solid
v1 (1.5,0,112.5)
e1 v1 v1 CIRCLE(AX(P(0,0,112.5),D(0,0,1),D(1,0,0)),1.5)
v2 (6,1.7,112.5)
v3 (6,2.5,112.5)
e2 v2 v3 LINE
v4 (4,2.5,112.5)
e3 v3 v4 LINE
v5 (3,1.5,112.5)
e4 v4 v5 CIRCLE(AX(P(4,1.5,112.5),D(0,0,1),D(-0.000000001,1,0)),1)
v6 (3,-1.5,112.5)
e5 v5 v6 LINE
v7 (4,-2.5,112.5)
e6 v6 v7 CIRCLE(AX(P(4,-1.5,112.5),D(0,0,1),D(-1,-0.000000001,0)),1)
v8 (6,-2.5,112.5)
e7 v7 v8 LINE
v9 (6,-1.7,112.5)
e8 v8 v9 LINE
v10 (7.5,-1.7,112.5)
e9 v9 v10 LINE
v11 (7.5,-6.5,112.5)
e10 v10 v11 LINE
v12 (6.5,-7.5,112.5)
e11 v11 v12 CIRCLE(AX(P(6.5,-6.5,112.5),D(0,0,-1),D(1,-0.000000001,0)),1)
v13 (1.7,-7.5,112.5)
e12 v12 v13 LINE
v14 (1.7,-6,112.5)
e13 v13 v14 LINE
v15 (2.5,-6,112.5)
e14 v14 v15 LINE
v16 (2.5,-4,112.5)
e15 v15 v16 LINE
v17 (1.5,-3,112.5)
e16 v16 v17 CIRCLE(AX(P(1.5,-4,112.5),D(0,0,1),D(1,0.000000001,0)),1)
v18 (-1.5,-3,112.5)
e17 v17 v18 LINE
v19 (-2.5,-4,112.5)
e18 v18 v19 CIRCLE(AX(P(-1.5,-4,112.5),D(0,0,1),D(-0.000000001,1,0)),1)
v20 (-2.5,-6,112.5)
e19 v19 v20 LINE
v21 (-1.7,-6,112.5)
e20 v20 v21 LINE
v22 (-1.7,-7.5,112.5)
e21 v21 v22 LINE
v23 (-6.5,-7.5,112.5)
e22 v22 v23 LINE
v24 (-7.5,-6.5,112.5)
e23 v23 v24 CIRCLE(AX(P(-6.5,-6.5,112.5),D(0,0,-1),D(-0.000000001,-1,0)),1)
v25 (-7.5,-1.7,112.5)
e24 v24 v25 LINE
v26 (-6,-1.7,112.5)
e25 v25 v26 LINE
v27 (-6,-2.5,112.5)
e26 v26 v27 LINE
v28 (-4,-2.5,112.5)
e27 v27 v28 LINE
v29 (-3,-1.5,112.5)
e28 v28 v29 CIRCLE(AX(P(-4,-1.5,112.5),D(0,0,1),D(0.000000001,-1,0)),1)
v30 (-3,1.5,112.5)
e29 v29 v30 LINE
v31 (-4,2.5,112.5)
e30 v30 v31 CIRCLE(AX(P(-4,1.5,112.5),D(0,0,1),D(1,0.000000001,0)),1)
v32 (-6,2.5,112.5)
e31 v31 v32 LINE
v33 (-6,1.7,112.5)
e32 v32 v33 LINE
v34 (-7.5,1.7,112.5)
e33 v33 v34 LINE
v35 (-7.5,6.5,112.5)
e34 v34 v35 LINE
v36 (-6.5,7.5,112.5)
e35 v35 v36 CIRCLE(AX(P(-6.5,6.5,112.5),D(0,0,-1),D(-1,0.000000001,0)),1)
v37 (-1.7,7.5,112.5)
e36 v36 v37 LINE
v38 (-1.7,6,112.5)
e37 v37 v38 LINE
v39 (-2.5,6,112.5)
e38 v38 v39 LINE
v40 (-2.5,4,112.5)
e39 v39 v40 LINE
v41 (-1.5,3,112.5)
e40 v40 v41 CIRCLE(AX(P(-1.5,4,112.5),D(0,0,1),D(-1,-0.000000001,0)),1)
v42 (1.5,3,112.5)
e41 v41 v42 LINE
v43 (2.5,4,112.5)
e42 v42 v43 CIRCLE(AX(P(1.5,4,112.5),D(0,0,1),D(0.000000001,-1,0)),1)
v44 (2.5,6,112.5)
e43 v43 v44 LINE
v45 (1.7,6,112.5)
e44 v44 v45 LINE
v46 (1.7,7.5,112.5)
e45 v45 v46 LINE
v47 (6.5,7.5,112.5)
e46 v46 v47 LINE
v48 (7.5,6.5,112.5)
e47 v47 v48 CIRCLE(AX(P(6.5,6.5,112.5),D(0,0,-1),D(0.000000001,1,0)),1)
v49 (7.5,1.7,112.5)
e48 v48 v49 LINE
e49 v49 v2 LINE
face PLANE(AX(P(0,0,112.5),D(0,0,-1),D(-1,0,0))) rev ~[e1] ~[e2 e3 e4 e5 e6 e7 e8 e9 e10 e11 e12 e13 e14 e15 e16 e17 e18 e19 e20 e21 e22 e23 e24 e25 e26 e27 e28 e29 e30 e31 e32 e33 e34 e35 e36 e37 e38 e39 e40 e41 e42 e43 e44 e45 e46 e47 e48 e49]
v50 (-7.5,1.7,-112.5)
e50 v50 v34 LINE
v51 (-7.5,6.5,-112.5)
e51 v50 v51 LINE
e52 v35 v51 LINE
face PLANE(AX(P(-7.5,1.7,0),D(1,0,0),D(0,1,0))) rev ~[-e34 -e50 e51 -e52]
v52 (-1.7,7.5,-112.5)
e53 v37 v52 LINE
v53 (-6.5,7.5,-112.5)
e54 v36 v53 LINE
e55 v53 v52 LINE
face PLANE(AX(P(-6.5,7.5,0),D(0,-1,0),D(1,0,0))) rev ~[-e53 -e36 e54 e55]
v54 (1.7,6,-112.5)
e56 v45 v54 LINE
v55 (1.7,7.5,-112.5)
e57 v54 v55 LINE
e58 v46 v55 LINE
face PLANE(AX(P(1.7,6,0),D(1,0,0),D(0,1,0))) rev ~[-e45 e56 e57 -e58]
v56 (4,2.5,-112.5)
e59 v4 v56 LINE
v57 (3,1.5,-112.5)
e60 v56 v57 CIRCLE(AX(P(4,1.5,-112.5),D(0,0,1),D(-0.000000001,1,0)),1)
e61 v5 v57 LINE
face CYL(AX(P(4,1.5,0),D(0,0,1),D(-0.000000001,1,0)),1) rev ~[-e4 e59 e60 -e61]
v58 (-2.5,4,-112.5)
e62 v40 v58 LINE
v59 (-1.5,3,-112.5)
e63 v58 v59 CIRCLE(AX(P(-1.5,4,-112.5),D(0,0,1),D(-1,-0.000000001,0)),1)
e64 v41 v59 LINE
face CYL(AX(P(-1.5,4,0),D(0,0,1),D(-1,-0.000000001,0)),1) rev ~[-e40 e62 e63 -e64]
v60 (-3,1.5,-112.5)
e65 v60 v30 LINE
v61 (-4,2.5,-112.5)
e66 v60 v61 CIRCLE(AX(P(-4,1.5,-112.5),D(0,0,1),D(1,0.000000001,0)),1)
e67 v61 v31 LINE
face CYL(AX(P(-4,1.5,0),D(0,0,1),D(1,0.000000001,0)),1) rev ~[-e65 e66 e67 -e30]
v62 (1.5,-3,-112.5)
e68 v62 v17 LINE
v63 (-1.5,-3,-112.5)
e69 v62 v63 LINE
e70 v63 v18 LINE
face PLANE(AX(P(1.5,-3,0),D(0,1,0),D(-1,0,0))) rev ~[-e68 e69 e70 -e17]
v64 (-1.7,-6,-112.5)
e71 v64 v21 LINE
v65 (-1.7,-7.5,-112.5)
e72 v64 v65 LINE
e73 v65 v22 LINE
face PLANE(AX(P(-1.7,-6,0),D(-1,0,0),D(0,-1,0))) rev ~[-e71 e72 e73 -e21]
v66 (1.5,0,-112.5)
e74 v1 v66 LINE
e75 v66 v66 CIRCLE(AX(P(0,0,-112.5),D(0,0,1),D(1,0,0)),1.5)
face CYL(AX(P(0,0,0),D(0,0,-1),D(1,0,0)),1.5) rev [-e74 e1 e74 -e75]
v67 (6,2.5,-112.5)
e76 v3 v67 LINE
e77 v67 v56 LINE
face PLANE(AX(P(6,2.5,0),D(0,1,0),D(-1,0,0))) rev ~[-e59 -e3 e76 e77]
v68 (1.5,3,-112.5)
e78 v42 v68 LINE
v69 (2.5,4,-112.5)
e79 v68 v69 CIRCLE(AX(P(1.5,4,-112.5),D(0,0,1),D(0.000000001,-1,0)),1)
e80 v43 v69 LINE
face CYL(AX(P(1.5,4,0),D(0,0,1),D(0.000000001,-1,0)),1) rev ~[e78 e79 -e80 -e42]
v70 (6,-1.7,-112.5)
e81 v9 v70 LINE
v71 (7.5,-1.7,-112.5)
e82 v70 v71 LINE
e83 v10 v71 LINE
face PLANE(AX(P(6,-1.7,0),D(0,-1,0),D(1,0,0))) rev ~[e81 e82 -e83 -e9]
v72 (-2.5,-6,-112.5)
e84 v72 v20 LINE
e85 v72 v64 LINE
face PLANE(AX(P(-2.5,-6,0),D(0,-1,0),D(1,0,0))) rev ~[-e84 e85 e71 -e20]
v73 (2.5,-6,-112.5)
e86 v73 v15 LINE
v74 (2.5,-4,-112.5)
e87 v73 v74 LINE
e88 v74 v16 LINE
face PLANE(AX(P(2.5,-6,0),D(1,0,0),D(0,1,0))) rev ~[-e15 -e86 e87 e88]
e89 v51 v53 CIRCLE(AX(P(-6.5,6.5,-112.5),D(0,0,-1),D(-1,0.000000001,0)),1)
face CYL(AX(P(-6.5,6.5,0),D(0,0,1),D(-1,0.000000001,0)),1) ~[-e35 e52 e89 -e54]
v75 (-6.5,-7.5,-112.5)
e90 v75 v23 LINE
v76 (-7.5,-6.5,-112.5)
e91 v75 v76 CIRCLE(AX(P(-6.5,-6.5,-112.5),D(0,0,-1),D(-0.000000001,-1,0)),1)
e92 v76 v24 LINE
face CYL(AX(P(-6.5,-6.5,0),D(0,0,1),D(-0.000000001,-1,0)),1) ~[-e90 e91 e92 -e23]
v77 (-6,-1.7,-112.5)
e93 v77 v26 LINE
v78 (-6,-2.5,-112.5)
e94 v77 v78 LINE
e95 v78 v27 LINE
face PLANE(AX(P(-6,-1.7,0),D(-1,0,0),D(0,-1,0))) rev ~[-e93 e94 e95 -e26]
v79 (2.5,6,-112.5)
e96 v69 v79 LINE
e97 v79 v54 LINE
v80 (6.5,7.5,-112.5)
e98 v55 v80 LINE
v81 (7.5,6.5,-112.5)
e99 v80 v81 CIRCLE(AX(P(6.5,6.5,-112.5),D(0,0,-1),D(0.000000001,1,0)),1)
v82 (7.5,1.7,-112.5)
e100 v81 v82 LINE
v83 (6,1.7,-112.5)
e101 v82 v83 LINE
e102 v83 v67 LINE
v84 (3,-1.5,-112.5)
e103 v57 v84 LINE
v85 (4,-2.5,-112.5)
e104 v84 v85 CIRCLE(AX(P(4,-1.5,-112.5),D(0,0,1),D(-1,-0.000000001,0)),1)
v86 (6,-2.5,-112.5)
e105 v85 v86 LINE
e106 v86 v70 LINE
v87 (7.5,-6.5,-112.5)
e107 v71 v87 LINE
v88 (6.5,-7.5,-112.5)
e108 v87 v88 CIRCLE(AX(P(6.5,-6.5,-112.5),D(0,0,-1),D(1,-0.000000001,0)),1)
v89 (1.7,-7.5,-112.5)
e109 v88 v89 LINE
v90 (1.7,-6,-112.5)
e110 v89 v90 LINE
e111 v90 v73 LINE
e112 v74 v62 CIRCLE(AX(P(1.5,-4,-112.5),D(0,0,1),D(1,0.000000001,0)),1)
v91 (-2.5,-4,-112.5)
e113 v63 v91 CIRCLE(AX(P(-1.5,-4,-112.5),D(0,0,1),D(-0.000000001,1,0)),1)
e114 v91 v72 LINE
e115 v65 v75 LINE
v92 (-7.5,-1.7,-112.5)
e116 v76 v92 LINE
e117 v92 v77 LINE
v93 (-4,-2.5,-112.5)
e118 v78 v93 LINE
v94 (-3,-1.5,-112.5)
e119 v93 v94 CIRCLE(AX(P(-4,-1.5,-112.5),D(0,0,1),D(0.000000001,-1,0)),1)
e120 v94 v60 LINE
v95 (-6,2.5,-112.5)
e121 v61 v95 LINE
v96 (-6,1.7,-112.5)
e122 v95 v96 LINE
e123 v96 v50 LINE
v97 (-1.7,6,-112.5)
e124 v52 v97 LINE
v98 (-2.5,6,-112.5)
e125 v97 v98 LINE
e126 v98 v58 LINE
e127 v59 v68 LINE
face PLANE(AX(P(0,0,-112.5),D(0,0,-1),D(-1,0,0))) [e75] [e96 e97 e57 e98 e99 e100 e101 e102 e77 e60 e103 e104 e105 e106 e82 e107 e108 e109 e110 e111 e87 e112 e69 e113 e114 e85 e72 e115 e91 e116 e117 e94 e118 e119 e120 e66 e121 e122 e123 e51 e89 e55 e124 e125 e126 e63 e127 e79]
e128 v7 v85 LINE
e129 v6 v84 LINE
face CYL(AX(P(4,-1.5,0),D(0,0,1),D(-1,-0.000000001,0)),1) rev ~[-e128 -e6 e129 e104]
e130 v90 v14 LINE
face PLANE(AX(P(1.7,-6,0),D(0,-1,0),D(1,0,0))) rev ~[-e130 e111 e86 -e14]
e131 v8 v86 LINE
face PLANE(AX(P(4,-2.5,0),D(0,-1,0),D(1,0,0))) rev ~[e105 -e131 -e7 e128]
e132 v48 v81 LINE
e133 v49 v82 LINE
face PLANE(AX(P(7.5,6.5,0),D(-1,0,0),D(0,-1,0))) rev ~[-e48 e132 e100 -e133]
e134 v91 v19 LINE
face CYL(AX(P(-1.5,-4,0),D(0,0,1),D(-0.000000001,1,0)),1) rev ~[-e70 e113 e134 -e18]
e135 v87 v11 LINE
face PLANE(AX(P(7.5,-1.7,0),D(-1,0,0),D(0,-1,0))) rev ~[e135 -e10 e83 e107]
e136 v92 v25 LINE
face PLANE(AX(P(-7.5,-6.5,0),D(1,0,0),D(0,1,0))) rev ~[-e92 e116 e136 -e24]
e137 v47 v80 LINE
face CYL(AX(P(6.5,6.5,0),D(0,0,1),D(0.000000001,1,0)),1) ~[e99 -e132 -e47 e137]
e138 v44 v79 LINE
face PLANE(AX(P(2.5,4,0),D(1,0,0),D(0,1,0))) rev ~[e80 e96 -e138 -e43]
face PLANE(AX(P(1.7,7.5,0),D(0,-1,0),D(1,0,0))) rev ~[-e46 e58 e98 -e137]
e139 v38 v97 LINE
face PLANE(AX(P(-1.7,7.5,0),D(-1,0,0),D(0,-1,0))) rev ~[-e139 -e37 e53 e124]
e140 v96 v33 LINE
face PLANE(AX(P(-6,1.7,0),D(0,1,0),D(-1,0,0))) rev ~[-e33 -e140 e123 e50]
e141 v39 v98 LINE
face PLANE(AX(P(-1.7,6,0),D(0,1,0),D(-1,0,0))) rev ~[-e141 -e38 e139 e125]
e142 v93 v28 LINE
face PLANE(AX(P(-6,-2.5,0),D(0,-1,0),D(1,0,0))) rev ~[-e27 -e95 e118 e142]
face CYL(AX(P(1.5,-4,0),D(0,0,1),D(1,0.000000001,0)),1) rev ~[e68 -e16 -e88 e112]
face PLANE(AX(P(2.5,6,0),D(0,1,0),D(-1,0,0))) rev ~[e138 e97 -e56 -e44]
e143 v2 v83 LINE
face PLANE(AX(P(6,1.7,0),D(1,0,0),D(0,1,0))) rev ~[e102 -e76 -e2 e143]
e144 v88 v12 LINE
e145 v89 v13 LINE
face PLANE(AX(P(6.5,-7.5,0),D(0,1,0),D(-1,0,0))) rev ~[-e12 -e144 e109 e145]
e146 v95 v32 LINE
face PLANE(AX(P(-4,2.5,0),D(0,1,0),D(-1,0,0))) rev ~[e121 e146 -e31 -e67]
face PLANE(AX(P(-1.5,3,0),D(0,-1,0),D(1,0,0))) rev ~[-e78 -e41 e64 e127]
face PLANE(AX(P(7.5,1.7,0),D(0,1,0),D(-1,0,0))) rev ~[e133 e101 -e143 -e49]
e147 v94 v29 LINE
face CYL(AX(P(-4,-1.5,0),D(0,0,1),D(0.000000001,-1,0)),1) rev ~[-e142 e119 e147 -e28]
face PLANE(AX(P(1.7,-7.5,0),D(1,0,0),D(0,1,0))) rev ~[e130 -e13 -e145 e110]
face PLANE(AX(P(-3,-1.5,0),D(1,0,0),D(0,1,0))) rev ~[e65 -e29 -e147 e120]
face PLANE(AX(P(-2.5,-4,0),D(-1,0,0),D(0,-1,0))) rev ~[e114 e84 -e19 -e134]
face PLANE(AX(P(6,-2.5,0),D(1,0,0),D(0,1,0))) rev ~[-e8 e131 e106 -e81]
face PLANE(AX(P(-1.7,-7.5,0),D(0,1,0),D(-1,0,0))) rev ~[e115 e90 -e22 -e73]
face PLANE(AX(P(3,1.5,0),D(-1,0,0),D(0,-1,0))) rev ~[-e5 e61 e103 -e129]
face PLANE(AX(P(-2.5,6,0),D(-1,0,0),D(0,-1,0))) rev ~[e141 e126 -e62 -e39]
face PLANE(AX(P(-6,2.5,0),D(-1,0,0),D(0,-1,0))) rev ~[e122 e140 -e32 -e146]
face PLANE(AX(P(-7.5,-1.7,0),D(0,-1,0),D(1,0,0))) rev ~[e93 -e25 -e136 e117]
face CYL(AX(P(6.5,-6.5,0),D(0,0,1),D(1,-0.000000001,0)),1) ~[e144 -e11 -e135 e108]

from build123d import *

# Parameters (mm, degrees)
SKETCH1_R           = 1.5
BOSS_EXTRUDE1_DEPTH = 112.5


with BuildPart() as part:
    # Sketch1 → Boss-Extrude1 (new, symmetric)
    with BuildSketch(Plane.XY):
        with BuildLine():
            Line((-7.5, 1.7), (-7.5, 6.5))
            ThreePointArc((-7.5, 6.5), (-7.207106781, 7.207106781), (-6.5, 7.5))
            Line((-6.5, 7.5), (-1.7, 7.5))
            Line((-1.7, 7.5), (-1.7, 6))
            Line((-1.7, 6), (-2.5, 6))
            Line((-2.5, 6), (-2.5, 4))
            ThreePointArc((-2.5, 4), (-2.207106781, 3.292893219), (-1.5, 3))
            Line((-1.5, 3), (0, 3))
            Line((0, 3), (1.5, 3))
            ThreePointArc((1.5, 3), (2.207106781, 3.292893219), (2.5, 4))
            Line((2.5, 4), (2.5, 6))
            Line((2.5, 6), (1.7, 6))
            Line((1.7, 6), (1.7, 7.5))
            Line((1.7, 7.5), (6.5, 7.5))
            ThreePointArc((6.5, 7.5), (7.207106781, 7.207106781), (7.5, 6.5))
            Line((7.5, 6.5), (7.5, 1.7))
            Line((7.5, 1.7), (6, 1.7))
            Line((6, 1.7), (6, 2.5))
            Line((6, 2.5), (4, 2.5))
            ThreePointArc((4, 2.5), (3.292893219, 2.207106781), (3, 1.5))
            Line((3, 1.5), (3, 0))
            Line((3, 0), (3, -1.5))
            ThreePointArc((3, -1.5), (3.292893219, -2.207106781), (4, -2.5))
            Line((4, -2.5), (6, -2.5))
            Line((6, -2.5), (6, -1.7))
            Line((6, -1.7), (7.5, -1.7))
            Line((7.5, -1.7), (7.5, -6.5))
            ThreePointArc((7.5, -6.5), (7.207106781, -7.207106781), (6.5, -7.5))
            Line((6.5, -7.5), (1.7, -7.5))
            Line((1.7, -7.5), (1.7, -6))
            Line((1.7, -6), (2.5, -6))
            Line((2.5, -6), (2.5, -4))
            ThreePointArc((2.5, -4), (2.207106781, -3.292893219), (1.5, -3))
            Line((1.5, -3), (0, -3))
            Line((0, -3), (-1.5, -3))
            ThreePointArc((-1.5, -3), (-2.207106781, -3.292893219), (-2.5, -4))
            Line((-2.5, -4), (-2.5, -6))
            Line((-2.5, -6), (-1.7, -6))
            Line((-1.7, -6), (-1.7, -7.5))
            Line((-1.7, -7.5), (-6.5, -7.5))
            ThreePointArc((-6.5, -7.5), (-7.207106781, -7.207106781), (-7.5, -6.5))
            Line((-7.5, -6.5), (-7.5, -1.7))
            Line((-7.5, -1.7), (-6, -1.7))
            Line((-6, -1.7), (-6, -2.5))
            Line((-6, -2.5), (-4, -2.5))
            ThreePointArc((-4, -2.5), (-3.292893219, -2.207106781), (-3, -1.5))
            Line((-3, -1.5), (-3, 0))
            Line((-3, 0), (-3, 1.5))
            ThreePointArc((-3, 1.5), (-3.292893219, 2.207106781), (-4, 2.5))
            Line((-4, 2.5), (-6, 2.5))
            Line((-6, 2.5), (-6, 1.7))
            Line((-6, 1.7), (-7.5, 1.7))
        make_face()
        Circle(SKETCH1_R, mode=Mode.SUBTRACT)
    extrude(amount=BOSS_EXTRUDE1_DEPTH, both=True)


solid = part.part
